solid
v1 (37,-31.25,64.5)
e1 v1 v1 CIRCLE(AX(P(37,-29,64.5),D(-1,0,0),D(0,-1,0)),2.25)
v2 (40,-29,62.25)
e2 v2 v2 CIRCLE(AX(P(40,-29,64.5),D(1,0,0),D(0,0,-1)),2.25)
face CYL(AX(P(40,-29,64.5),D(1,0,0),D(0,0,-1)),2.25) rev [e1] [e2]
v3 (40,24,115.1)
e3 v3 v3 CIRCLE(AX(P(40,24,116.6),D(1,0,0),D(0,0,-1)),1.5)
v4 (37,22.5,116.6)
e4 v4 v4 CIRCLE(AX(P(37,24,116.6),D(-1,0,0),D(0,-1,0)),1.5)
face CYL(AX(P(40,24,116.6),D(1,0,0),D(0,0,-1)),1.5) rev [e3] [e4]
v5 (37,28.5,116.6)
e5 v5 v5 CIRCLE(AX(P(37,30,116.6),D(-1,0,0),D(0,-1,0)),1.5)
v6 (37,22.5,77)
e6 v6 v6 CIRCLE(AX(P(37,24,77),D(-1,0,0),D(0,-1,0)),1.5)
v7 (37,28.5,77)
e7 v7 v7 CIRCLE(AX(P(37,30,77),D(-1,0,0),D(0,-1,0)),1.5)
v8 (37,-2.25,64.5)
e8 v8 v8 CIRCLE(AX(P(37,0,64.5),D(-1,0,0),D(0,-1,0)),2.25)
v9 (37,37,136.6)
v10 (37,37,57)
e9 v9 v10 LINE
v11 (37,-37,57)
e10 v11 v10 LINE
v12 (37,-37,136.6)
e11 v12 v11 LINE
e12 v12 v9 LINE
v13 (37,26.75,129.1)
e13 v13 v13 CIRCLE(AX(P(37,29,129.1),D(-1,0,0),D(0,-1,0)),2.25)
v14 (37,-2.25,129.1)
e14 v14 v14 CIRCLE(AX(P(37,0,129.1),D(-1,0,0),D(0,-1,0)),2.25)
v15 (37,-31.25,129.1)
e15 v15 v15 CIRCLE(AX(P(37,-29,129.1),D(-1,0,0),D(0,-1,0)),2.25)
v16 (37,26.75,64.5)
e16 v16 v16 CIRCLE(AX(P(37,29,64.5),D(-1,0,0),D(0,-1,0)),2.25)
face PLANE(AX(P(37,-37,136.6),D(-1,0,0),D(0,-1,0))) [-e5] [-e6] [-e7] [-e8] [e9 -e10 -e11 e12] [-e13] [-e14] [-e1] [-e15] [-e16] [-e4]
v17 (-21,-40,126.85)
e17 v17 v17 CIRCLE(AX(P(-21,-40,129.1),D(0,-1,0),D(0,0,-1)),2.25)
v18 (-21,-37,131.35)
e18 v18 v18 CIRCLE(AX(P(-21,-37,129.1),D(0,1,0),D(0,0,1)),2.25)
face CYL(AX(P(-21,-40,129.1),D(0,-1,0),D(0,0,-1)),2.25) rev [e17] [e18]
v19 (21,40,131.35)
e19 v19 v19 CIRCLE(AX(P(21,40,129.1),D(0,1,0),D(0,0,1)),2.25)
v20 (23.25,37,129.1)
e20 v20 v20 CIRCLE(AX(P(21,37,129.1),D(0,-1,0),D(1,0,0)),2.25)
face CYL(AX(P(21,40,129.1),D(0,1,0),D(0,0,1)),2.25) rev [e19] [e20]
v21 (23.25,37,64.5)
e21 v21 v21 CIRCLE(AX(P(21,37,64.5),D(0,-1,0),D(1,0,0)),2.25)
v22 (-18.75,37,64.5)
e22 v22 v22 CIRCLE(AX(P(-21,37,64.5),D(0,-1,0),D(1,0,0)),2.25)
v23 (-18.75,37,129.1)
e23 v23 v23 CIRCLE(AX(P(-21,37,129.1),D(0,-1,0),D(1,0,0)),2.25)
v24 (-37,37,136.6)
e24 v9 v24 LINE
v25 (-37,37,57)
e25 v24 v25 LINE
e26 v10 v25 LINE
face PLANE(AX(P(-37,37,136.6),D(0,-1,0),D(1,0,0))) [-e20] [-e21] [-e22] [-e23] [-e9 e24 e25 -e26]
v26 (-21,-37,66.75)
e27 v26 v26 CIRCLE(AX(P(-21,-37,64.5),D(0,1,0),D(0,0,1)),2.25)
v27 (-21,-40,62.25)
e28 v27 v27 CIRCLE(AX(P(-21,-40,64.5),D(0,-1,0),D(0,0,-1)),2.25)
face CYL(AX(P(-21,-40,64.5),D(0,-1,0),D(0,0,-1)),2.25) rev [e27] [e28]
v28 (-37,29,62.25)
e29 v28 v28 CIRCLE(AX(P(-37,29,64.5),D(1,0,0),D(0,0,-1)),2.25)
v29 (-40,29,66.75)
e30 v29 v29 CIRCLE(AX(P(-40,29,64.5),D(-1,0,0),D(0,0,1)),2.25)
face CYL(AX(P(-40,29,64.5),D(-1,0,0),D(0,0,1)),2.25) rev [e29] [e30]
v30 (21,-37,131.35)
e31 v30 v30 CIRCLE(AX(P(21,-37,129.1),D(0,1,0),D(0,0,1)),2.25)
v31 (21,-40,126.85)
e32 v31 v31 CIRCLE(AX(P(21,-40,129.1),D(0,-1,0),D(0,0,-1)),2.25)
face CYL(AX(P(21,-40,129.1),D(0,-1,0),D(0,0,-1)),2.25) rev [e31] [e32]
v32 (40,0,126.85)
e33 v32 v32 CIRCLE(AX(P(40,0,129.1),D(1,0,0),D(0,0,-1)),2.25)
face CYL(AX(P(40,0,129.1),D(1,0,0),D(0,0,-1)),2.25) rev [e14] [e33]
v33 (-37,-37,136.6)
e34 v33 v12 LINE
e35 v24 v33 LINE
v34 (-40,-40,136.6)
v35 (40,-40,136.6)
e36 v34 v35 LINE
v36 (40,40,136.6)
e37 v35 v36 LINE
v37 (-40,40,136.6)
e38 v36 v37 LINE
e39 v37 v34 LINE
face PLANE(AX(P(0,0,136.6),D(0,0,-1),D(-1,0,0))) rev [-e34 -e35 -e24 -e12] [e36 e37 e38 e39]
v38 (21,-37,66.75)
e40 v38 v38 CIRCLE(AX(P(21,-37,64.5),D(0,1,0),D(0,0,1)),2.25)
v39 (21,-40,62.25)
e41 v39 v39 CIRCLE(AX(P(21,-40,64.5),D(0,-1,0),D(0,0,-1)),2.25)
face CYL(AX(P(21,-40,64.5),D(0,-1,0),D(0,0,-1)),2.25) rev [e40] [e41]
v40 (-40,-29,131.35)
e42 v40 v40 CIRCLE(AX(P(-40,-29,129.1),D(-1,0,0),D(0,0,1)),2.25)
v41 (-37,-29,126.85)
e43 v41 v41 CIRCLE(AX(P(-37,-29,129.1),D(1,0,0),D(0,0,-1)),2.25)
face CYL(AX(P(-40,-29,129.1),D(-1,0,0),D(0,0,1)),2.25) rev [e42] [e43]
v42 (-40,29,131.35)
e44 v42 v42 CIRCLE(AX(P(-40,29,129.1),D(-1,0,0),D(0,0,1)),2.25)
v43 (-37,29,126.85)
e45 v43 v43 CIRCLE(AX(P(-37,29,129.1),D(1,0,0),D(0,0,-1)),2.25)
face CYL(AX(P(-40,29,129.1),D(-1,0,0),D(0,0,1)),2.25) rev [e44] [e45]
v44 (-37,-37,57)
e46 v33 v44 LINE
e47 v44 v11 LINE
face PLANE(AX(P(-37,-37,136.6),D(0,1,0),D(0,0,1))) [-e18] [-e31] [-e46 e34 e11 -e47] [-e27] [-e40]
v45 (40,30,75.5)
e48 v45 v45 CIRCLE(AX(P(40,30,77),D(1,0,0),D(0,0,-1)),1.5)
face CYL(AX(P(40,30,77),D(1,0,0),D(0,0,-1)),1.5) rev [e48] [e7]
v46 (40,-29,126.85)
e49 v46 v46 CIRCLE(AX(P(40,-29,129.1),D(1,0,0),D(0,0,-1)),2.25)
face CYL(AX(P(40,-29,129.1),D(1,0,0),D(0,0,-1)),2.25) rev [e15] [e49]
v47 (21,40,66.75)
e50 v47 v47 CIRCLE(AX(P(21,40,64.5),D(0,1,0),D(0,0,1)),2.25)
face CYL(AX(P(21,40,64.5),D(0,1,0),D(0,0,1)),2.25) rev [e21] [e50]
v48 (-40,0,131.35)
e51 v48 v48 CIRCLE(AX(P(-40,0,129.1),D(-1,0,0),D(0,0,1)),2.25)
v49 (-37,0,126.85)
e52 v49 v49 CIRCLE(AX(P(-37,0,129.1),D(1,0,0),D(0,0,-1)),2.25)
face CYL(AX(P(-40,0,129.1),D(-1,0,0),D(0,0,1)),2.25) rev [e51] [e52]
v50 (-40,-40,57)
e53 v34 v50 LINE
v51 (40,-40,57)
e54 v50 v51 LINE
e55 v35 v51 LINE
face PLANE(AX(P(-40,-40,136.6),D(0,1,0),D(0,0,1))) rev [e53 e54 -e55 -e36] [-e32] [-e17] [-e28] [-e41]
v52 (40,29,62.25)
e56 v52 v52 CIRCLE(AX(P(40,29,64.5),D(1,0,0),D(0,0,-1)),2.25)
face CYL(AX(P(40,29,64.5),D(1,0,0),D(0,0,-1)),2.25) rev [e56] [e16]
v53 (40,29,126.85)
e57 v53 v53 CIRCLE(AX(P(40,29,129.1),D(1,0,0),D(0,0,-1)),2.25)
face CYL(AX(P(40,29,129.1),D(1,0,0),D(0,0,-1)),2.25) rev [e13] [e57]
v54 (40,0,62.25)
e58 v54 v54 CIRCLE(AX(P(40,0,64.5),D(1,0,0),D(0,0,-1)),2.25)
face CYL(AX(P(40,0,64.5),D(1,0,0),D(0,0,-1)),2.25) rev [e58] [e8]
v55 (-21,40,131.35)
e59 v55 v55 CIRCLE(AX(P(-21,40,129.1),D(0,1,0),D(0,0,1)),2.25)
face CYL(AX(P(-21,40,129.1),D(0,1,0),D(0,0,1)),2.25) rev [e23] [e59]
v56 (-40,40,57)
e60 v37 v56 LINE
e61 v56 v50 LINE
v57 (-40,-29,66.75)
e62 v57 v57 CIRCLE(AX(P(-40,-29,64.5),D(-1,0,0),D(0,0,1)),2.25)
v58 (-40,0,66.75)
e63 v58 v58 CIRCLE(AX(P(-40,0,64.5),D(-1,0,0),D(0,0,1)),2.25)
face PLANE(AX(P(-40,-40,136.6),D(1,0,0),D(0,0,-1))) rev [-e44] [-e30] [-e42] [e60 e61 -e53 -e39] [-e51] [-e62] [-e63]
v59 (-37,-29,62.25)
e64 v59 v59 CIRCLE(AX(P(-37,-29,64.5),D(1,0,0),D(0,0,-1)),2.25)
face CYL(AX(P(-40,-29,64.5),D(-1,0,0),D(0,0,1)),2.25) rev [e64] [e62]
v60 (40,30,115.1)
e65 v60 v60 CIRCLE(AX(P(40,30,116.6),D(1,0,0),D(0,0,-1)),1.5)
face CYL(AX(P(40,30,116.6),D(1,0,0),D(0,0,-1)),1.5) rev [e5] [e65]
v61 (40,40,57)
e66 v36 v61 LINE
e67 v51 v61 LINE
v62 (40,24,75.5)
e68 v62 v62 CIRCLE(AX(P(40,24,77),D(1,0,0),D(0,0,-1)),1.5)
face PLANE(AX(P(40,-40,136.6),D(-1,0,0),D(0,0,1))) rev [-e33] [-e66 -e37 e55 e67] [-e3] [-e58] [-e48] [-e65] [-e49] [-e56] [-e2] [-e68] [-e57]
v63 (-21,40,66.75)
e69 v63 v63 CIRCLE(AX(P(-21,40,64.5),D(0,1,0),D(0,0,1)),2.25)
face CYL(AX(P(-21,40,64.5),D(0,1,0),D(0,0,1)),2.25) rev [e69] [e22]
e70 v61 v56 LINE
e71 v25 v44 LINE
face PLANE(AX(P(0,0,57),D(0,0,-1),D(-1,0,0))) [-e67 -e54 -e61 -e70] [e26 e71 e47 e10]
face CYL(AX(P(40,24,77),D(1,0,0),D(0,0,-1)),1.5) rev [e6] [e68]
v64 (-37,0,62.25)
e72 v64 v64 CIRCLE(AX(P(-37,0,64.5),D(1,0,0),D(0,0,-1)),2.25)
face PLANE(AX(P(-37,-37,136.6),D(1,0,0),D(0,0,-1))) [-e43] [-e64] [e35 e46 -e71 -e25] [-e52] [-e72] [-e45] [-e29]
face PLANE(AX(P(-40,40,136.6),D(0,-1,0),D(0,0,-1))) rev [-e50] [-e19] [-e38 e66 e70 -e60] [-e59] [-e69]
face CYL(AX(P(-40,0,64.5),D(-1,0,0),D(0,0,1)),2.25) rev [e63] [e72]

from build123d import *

# Parameters (mm, degrees)
SKETCH1_W                      = 80
SKETCH1_H                      = 80
SKETCH1_W_2                    = 74
SKETCH1_H_2                    = 74
BOSS_EXTRUDE1_DEPTH            = 79.6
M4_CLEARANCE_HOLE1_D           = 4.5
M4_CLEARANCE_HOLE1_ON_FACE_2_D = 4.5
M4_CLEARANCE_HOLE1_ON_FACE_3_D = 4.5
M4_CLEARANCE_HOLE1_ON_FACE_4_D = 4.5
F_3_0_3_DIAMETER_HOLE1_D       = 3
F_3_0_3_DIAMETER_HOLE1_DEPTH   = 3


with BuildPart() as part:
    # Sketch1 → Boss-Extrude1 (new body)
    with BuildSketch(Plane.XY.offset(57)):
        Rectangle(SKETCH1_W, SKETCH1_H)
        Rectangle(SKETCH1_W_2, SKETCH1_H_2, mode=Mode.SUBTRACT)
    extrude(amount=BOSS_EXTRUDE1_DEPTH)

    # M4 Clearance Hole1 (through all)
    with Locations(Plane(origin=(40, 29, 64.5), x_dir=(0, 0, 1), z_dir=(1, 0, 0))):
        with Locations((0, 0), (0, 58), (0, 29), (64.6, 0), (64.6, 29), (64.6, 58)):
            Hole(M4_CLEARANCE_HOLE1_D / 2)

    # M4 Clearance Hole1 on face 2 (through all)
    with Locations(Plane(origin=(21, 40, 64.5), x_dir=(0, 0, 1), z_dir=(0, 1, 0))):
        with Locations((0, 0), (0, -42), (64.6, -42), (64.6, 0)):
            Hole(M4_CLEARANCE_HOLE1_ON_FACE_2_D / 2)

    # M4 Clearance Hole1 on face 3 (through all)
    with Locations(Plane(origin=(-40, 29, 64.5), x_dir=(0, 0, -1), z_dir=(-1, 0, 0))):
        with Locations((0, 0), (0, 29), (0, 58), (-64.6, 58), (-64.6, 29), (-64.6, 0)):
            Hole(M4_CLEARANCE_HOLE1_ON_FACE_3_D / 2)

    # M4 Clearance Hole1 on face 4 (through all)
    with Locations(Plane(origin=(21, -40, 64.5), x_dir=(0, 0, -1), z_dir=(0, -1, 0))):
        with Locations((0, 0), (0, -42), (-64.6, -42), (-64.6, 0)):
            Hole(M4_CLEARANCE_HOLE1_ON_FACE_4_D / 2)

    # Ø3.0 (3) Diameter Hole1
    with Locations(Plane(origin=(40, 0, 0), x_dir=(0, 0, -1), z_dir=(1, 0, 0))):
        with Locations((-77, 30), (-116.6, 24), (-116.6, 30), (-77, 24)):
            Hole(F_3_0_3_DIAMETER_HOLE1_D / 2, depth=F_3_0_3_DIAMETER_HOLE1_DEPTH)


solid = part.part
